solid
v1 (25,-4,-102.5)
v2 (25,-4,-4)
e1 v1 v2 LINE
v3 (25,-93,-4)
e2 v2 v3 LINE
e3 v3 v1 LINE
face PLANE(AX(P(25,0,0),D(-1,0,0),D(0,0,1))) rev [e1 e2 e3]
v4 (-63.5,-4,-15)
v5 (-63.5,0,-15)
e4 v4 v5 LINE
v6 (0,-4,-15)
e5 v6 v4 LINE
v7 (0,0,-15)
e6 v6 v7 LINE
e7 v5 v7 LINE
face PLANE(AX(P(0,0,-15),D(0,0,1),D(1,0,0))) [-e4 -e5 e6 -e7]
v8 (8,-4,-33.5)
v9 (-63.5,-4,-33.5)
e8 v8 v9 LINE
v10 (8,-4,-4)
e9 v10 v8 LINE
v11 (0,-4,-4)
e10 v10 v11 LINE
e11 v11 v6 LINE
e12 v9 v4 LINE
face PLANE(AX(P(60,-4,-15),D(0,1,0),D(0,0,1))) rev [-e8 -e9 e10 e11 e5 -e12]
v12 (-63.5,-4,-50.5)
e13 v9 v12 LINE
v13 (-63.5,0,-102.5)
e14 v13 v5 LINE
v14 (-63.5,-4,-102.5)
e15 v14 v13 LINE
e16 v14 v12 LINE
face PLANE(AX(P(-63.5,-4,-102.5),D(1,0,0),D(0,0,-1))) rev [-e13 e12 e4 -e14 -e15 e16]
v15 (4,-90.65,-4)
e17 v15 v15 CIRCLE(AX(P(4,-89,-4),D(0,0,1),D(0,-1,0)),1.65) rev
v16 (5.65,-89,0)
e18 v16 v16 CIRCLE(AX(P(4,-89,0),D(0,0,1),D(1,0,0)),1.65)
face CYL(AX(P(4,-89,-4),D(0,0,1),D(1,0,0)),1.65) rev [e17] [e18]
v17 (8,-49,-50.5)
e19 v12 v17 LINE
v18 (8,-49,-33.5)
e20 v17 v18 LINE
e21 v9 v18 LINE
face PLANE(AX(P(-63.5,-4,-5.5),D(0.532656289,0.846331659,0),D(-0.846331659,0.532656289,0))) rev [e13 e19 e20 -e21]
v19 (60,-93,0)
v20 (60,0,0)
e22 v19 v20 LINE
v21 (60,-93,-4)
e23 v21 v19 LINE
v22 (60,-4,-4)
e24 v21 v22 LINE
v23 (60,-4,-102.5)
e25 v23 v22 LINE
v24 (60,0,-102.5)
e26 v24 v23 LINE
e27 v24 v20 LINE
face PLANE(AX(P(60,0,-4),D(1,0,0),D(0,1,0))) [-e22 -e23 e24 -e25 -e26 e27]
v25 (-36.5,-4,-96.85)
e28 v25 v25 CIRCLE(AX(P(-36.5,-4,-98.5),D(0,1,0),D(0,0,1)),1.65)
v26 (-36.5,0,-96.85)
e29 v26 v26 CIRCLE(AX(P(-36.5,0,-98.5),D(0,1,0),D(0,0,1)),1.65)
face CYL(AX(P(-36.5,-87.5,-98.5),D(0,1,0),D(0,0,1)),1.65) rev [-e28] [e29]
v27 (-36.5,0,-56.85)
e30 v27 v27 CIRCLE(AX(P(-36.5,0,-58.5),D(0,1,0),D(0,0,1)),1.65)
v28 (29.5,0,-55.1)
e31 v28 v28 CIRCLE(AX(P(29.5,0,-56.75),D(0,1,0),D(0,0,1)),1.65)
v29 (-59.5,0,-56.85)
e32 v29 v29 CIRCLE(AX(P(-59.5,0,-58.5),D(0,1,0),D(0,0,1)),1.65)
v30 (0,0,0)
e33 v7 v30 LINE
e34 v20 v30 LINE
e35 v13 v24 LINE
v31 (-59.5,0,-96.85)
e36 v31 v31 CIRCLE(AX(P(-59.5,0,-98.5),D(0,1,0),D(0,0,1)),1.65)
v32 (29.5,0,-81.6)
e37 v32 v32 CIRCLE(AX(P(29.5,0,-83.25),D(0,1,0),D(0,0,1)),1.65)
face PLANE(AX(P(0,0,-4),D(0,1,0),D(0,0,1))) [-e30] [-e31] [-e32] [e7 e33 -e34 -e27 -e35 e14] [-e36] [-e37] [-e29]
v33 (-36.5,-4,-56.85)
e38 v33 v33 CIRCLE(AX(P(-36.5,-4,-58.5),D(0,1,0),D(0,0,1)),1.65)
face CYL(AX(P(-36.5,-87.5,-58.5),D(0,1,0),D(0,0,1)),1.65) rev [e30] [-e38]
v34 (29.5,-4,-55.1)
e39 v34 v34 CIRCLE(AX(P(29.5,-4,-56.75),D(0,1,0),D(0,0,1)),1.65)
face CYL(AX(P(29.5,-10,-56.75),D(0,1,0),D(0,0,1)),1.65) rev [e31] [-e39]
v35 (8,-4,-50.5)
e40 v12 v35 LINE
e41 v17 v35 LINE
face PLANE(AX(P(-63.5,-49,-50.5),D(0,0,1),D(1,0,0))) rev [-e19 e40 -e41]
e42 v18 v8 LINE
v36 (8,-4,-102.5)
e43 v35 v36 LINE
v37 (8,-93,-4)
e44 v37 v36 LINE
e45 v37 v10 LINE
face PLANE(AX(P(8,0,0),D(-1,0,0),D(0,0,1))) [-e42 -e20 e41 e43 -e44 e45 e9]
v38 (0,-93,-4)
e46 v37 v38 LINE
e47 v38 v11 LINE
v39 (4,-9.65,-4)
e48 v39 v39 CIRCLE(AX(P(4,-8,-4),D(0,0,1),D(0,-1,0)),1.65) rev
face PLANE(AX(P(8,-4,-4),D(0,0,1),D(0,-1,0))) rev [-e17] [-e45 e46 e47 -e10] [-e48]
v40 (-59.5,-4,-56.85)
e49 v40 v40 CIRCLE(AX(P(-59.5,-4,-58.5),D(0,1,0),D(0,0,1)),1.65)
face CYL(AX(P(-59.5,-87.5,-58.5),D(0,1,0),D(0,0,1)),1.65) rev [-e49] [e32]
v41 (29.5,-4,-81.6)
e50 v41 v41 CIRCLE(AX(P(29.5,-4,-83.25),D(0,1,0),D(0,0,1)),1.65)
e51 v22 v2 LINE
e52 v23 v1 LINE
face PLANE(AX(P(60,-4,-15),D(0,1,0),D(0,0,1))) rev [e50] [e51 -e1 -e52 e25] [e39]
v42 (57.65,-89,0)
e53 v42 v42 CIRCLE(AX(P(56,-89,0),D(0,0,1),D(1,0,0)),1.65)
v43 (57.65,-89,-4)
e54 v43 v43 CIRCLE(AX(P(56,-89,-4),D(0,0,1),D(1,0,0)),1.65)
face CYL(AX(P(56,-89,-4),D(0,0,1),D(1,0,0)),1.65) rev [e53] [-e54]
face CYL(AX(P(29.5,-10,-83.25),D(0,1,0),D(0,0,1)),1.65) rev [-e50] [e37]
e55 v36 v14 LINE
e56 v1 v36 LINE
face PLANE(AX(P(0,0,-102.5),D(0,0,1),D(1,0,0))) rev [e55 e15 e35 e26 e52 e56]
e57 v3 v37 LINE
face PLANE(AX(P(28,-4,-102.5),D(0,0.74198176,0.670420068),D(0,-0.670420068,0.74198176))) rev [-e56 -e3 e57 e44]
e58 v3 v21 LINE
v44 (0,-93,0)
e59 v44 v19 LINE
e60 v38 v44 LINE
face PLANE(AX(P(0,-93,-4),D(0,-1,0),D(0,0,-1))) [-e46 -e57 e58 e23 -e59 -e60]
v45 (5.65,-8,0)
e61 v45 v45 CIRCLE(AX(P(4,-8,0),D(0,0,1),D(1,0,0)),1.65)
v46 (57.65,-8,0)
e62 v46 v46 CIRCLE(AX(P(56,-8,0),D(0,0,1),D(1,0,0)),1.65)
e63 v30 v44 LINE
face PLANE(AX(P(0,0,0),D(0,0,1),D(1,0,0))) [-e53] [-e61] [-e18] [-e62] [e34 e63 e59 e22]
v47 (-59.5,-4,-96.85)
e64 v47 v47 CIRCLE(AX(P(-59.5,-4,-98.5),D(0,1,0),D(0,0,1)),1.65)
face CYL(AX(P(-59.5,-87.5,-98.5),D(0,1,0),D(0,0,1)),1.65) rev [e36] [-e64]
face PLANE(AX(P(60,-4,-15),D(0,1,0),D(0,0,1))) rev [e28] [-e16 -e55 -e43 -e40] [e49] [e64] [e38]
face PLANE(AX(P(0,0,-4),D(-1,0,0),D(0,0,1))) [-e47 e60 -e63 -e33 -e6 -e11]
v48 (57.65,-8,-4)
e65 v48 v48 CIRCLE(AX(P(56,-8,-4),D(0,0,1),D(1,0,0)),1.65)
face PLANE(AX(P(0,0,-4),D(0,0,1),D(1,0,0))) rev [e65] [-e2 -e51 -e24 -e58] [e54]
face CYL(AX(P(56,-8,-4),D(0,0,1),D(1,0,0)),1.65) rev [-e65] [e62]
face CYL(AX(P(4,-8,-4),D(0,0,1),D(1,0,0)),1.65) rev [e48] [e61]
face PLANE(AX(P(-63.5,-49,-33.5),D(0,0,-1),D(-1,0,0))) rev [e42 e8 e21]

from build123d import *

# Parameters (mm, degrees)
SKETCH1_W           = 60
SKETCH1_H           = 93
BOSS_EXTRUDE1_DEPTH = 4
SKETCH3_R           = 1.65
CUT_EXTRUDE1_DEPTH  = 4
SKETCH5_W           = 60
SKETCH5_H           = 4
BOSS_EXTRUDE2_DEPTH = 11
SKETCH6_W           = 123.5
SKETCH6_H           = 4
BOSS_EXTRUDE3_DEPTH = 87.5
SKETCH7_R           = 1.65
CUT_EXTRUDE2_DEPTH  = 87.5
SKETCH10_R          = 1.65
CUT_EXTRUDE3_DEPTH  = 10
SKETCH11_W          = 98.5
SKETCH11_H          = 89
BOSS_EXTRUDE4_DEPTH = 25
SKETCH13_W          = 98.5
SKETCH13_H          = 89
CUT_EXTRUDE5_DEPTH  = 8
CUT_EXTRUDE7_DEPTH  = 20
SKETCH15_W          = 71.5
SKETCH15_H          = 17
BOSS_EXTRUDE6_DEPTH = 45
CUT_EXTRUDE9_DEPTH  = 45


with BuildPart() as part:
    # Sketch1 → Boss-Extrude1 (new body)
    with BuildSketch(Plane.XY):
        with Locations((30, -46.5)):
            Rectangle(SKETCH1_W, SKETCH1_H)
    extrude(amount=-BOSS_EXTRUDE1_DEPTH)

    # Sketch3 → Cut-Extrude1 (cut)
    with BuildSketch(Plane.XY):
        with Locations((4, -8)):
            Circle(SKETCH3_R)
        with Locations((56, -8)):
            Circle(SKETCH3_R)
        with Locations((4, -89)):
            Circle(SKETCH3_R)
        with Locations((56, -89)):
            Circle(SKETCH3_R)
    extrude(amount=-CUT_EXTRUDE1_DEPTH, mode=Mode.SUBTRACT)

    # Sketch5 → Boss-Extrude2 (add)
    with BuildSketch(Plane(origin=(0, 0, -4), x_dir=(-1, 0, 0), z_dir=(0, 0, -1))):
        with Locations((-30, -2)):
            Rectangle(SKETCH5_W, SKETCH5_H)
    extrude(amount=BOSS_EXTRUDE2_DEPTH)

    # Sketch6 → Boss-Extrude3 (add)
    with BuildSketch(Plane(origin=(0, 0, -15), x_dir=(-1, 0, 0), z_dir=(0, 0, -1))):
        with Locations((1.75, -2)):
            Rectangle(SKETCH6_W, SKETCH6_H)
    extrude(amount=BOSS_EXTRUDE3_DEPTH)

    # Sketch7 → Cut-Extrude2 (cut)
    with BuildSketch(Plane(origin=(0, 0, 0), x_dir=(1, 0, 0), z_dir=(0, 1, 0))):
        with Locations(Location((-59.5, 98.5, 0), (0, 0, 270))):
            Circle(SKETCH7_R)
        with Locations(Location((-36.5, 98.5, 0), (0, 0, 270))):
            Circle(SKETCH7_R)
        with Locations(Location((-59.5, 58.5, 0), (0, 0, 270))):
            Circle(SKETCH7_R)
        with Locations(Location((-36.5, 58.5, 0), (0, 0, 270))):
            Circle(SKETCH7_R)
    extrude(amount=-CUT_EXTRUDE2_DEPTH, mode=Mode.SUBTRACT)

    # Sketch10 → Cut-Extrude3 (cut)
    with BuildSketch(Plane(origin=(0, 0, 0), x_dir=(1, 0, 0), z_dir=(0, 1, 0))):
        with Locations(Location((29.5, 83.25, 0), (0, 0, 270))):
            Circle(SKETCH10_R)
        with Locations(Location((29.5, 56.75, 0), (0, 0, 270))):
            Circle(SKETCH10_R)
    extrude(amount=-CUT_EXTRUDE3_DEPTH, mode=Mode.SUBTRACT)

    # Sketch11 → Boss-Extrude4 (add)
    with BuildSketch(Plane(origin=(0, 0, 0), x_dir=(0, 0, -1), z_dir=(1, 0, 0))):
        with Locations((53.25, -48.5)):
            Rectangle(SKETCH11_W, SKETCH11_H)
    extrude(amount=BOSS_EXTRUDE4_DEPTH)

    # Sketch13 → Cut-Extrude5 (cut)
    with BuildSketch(Plane.ZY):
        with Locations((-53.25, -48.5)):
            Rectangle(SKETCH13_W, SKETCH13_H)
    extrude(amount=-CUT_EXTRUDE5_DEPTH, mode=Mode.SUBTRACT)

    # Sketch14 → Cut-Extrude7 (cut)
    with BuildSketch(Plane.ZY.offset(-8)):
        Polygon((-102.5, -4), (-102.5, -93), (-4, -93), align=None)
    extrude(amount=-CUT_EXTRUDE7_DEPTH, mode=Mode.SUBTRACT)

    # Sketch15 → Boss-Extrude6 (add)
    with BuildSketch(Plane.XZ.offset(4)):
        with Locations((-27.75, -42)):
            Rectangle(SKETCH15_W, SKETCH15_H)
    extrude(amount=BOSS_EXTRUDE6_DEPTH)

    # Sketch16 → Cut-Extrude9 (cut)
    with BuildSketch(Plane(origin=(0, 0, -50.5), x_dir=(-1, 0, 0), z_dir=(0, 0, -1))):
        Polygon((63.5, -4), (-8, -49), (63.5, -49), align=None)
    extrude(amount=-CUT_EXTRUDE9_DEPTH, mode=Mode.SUBTRACT)


solid = part.part
